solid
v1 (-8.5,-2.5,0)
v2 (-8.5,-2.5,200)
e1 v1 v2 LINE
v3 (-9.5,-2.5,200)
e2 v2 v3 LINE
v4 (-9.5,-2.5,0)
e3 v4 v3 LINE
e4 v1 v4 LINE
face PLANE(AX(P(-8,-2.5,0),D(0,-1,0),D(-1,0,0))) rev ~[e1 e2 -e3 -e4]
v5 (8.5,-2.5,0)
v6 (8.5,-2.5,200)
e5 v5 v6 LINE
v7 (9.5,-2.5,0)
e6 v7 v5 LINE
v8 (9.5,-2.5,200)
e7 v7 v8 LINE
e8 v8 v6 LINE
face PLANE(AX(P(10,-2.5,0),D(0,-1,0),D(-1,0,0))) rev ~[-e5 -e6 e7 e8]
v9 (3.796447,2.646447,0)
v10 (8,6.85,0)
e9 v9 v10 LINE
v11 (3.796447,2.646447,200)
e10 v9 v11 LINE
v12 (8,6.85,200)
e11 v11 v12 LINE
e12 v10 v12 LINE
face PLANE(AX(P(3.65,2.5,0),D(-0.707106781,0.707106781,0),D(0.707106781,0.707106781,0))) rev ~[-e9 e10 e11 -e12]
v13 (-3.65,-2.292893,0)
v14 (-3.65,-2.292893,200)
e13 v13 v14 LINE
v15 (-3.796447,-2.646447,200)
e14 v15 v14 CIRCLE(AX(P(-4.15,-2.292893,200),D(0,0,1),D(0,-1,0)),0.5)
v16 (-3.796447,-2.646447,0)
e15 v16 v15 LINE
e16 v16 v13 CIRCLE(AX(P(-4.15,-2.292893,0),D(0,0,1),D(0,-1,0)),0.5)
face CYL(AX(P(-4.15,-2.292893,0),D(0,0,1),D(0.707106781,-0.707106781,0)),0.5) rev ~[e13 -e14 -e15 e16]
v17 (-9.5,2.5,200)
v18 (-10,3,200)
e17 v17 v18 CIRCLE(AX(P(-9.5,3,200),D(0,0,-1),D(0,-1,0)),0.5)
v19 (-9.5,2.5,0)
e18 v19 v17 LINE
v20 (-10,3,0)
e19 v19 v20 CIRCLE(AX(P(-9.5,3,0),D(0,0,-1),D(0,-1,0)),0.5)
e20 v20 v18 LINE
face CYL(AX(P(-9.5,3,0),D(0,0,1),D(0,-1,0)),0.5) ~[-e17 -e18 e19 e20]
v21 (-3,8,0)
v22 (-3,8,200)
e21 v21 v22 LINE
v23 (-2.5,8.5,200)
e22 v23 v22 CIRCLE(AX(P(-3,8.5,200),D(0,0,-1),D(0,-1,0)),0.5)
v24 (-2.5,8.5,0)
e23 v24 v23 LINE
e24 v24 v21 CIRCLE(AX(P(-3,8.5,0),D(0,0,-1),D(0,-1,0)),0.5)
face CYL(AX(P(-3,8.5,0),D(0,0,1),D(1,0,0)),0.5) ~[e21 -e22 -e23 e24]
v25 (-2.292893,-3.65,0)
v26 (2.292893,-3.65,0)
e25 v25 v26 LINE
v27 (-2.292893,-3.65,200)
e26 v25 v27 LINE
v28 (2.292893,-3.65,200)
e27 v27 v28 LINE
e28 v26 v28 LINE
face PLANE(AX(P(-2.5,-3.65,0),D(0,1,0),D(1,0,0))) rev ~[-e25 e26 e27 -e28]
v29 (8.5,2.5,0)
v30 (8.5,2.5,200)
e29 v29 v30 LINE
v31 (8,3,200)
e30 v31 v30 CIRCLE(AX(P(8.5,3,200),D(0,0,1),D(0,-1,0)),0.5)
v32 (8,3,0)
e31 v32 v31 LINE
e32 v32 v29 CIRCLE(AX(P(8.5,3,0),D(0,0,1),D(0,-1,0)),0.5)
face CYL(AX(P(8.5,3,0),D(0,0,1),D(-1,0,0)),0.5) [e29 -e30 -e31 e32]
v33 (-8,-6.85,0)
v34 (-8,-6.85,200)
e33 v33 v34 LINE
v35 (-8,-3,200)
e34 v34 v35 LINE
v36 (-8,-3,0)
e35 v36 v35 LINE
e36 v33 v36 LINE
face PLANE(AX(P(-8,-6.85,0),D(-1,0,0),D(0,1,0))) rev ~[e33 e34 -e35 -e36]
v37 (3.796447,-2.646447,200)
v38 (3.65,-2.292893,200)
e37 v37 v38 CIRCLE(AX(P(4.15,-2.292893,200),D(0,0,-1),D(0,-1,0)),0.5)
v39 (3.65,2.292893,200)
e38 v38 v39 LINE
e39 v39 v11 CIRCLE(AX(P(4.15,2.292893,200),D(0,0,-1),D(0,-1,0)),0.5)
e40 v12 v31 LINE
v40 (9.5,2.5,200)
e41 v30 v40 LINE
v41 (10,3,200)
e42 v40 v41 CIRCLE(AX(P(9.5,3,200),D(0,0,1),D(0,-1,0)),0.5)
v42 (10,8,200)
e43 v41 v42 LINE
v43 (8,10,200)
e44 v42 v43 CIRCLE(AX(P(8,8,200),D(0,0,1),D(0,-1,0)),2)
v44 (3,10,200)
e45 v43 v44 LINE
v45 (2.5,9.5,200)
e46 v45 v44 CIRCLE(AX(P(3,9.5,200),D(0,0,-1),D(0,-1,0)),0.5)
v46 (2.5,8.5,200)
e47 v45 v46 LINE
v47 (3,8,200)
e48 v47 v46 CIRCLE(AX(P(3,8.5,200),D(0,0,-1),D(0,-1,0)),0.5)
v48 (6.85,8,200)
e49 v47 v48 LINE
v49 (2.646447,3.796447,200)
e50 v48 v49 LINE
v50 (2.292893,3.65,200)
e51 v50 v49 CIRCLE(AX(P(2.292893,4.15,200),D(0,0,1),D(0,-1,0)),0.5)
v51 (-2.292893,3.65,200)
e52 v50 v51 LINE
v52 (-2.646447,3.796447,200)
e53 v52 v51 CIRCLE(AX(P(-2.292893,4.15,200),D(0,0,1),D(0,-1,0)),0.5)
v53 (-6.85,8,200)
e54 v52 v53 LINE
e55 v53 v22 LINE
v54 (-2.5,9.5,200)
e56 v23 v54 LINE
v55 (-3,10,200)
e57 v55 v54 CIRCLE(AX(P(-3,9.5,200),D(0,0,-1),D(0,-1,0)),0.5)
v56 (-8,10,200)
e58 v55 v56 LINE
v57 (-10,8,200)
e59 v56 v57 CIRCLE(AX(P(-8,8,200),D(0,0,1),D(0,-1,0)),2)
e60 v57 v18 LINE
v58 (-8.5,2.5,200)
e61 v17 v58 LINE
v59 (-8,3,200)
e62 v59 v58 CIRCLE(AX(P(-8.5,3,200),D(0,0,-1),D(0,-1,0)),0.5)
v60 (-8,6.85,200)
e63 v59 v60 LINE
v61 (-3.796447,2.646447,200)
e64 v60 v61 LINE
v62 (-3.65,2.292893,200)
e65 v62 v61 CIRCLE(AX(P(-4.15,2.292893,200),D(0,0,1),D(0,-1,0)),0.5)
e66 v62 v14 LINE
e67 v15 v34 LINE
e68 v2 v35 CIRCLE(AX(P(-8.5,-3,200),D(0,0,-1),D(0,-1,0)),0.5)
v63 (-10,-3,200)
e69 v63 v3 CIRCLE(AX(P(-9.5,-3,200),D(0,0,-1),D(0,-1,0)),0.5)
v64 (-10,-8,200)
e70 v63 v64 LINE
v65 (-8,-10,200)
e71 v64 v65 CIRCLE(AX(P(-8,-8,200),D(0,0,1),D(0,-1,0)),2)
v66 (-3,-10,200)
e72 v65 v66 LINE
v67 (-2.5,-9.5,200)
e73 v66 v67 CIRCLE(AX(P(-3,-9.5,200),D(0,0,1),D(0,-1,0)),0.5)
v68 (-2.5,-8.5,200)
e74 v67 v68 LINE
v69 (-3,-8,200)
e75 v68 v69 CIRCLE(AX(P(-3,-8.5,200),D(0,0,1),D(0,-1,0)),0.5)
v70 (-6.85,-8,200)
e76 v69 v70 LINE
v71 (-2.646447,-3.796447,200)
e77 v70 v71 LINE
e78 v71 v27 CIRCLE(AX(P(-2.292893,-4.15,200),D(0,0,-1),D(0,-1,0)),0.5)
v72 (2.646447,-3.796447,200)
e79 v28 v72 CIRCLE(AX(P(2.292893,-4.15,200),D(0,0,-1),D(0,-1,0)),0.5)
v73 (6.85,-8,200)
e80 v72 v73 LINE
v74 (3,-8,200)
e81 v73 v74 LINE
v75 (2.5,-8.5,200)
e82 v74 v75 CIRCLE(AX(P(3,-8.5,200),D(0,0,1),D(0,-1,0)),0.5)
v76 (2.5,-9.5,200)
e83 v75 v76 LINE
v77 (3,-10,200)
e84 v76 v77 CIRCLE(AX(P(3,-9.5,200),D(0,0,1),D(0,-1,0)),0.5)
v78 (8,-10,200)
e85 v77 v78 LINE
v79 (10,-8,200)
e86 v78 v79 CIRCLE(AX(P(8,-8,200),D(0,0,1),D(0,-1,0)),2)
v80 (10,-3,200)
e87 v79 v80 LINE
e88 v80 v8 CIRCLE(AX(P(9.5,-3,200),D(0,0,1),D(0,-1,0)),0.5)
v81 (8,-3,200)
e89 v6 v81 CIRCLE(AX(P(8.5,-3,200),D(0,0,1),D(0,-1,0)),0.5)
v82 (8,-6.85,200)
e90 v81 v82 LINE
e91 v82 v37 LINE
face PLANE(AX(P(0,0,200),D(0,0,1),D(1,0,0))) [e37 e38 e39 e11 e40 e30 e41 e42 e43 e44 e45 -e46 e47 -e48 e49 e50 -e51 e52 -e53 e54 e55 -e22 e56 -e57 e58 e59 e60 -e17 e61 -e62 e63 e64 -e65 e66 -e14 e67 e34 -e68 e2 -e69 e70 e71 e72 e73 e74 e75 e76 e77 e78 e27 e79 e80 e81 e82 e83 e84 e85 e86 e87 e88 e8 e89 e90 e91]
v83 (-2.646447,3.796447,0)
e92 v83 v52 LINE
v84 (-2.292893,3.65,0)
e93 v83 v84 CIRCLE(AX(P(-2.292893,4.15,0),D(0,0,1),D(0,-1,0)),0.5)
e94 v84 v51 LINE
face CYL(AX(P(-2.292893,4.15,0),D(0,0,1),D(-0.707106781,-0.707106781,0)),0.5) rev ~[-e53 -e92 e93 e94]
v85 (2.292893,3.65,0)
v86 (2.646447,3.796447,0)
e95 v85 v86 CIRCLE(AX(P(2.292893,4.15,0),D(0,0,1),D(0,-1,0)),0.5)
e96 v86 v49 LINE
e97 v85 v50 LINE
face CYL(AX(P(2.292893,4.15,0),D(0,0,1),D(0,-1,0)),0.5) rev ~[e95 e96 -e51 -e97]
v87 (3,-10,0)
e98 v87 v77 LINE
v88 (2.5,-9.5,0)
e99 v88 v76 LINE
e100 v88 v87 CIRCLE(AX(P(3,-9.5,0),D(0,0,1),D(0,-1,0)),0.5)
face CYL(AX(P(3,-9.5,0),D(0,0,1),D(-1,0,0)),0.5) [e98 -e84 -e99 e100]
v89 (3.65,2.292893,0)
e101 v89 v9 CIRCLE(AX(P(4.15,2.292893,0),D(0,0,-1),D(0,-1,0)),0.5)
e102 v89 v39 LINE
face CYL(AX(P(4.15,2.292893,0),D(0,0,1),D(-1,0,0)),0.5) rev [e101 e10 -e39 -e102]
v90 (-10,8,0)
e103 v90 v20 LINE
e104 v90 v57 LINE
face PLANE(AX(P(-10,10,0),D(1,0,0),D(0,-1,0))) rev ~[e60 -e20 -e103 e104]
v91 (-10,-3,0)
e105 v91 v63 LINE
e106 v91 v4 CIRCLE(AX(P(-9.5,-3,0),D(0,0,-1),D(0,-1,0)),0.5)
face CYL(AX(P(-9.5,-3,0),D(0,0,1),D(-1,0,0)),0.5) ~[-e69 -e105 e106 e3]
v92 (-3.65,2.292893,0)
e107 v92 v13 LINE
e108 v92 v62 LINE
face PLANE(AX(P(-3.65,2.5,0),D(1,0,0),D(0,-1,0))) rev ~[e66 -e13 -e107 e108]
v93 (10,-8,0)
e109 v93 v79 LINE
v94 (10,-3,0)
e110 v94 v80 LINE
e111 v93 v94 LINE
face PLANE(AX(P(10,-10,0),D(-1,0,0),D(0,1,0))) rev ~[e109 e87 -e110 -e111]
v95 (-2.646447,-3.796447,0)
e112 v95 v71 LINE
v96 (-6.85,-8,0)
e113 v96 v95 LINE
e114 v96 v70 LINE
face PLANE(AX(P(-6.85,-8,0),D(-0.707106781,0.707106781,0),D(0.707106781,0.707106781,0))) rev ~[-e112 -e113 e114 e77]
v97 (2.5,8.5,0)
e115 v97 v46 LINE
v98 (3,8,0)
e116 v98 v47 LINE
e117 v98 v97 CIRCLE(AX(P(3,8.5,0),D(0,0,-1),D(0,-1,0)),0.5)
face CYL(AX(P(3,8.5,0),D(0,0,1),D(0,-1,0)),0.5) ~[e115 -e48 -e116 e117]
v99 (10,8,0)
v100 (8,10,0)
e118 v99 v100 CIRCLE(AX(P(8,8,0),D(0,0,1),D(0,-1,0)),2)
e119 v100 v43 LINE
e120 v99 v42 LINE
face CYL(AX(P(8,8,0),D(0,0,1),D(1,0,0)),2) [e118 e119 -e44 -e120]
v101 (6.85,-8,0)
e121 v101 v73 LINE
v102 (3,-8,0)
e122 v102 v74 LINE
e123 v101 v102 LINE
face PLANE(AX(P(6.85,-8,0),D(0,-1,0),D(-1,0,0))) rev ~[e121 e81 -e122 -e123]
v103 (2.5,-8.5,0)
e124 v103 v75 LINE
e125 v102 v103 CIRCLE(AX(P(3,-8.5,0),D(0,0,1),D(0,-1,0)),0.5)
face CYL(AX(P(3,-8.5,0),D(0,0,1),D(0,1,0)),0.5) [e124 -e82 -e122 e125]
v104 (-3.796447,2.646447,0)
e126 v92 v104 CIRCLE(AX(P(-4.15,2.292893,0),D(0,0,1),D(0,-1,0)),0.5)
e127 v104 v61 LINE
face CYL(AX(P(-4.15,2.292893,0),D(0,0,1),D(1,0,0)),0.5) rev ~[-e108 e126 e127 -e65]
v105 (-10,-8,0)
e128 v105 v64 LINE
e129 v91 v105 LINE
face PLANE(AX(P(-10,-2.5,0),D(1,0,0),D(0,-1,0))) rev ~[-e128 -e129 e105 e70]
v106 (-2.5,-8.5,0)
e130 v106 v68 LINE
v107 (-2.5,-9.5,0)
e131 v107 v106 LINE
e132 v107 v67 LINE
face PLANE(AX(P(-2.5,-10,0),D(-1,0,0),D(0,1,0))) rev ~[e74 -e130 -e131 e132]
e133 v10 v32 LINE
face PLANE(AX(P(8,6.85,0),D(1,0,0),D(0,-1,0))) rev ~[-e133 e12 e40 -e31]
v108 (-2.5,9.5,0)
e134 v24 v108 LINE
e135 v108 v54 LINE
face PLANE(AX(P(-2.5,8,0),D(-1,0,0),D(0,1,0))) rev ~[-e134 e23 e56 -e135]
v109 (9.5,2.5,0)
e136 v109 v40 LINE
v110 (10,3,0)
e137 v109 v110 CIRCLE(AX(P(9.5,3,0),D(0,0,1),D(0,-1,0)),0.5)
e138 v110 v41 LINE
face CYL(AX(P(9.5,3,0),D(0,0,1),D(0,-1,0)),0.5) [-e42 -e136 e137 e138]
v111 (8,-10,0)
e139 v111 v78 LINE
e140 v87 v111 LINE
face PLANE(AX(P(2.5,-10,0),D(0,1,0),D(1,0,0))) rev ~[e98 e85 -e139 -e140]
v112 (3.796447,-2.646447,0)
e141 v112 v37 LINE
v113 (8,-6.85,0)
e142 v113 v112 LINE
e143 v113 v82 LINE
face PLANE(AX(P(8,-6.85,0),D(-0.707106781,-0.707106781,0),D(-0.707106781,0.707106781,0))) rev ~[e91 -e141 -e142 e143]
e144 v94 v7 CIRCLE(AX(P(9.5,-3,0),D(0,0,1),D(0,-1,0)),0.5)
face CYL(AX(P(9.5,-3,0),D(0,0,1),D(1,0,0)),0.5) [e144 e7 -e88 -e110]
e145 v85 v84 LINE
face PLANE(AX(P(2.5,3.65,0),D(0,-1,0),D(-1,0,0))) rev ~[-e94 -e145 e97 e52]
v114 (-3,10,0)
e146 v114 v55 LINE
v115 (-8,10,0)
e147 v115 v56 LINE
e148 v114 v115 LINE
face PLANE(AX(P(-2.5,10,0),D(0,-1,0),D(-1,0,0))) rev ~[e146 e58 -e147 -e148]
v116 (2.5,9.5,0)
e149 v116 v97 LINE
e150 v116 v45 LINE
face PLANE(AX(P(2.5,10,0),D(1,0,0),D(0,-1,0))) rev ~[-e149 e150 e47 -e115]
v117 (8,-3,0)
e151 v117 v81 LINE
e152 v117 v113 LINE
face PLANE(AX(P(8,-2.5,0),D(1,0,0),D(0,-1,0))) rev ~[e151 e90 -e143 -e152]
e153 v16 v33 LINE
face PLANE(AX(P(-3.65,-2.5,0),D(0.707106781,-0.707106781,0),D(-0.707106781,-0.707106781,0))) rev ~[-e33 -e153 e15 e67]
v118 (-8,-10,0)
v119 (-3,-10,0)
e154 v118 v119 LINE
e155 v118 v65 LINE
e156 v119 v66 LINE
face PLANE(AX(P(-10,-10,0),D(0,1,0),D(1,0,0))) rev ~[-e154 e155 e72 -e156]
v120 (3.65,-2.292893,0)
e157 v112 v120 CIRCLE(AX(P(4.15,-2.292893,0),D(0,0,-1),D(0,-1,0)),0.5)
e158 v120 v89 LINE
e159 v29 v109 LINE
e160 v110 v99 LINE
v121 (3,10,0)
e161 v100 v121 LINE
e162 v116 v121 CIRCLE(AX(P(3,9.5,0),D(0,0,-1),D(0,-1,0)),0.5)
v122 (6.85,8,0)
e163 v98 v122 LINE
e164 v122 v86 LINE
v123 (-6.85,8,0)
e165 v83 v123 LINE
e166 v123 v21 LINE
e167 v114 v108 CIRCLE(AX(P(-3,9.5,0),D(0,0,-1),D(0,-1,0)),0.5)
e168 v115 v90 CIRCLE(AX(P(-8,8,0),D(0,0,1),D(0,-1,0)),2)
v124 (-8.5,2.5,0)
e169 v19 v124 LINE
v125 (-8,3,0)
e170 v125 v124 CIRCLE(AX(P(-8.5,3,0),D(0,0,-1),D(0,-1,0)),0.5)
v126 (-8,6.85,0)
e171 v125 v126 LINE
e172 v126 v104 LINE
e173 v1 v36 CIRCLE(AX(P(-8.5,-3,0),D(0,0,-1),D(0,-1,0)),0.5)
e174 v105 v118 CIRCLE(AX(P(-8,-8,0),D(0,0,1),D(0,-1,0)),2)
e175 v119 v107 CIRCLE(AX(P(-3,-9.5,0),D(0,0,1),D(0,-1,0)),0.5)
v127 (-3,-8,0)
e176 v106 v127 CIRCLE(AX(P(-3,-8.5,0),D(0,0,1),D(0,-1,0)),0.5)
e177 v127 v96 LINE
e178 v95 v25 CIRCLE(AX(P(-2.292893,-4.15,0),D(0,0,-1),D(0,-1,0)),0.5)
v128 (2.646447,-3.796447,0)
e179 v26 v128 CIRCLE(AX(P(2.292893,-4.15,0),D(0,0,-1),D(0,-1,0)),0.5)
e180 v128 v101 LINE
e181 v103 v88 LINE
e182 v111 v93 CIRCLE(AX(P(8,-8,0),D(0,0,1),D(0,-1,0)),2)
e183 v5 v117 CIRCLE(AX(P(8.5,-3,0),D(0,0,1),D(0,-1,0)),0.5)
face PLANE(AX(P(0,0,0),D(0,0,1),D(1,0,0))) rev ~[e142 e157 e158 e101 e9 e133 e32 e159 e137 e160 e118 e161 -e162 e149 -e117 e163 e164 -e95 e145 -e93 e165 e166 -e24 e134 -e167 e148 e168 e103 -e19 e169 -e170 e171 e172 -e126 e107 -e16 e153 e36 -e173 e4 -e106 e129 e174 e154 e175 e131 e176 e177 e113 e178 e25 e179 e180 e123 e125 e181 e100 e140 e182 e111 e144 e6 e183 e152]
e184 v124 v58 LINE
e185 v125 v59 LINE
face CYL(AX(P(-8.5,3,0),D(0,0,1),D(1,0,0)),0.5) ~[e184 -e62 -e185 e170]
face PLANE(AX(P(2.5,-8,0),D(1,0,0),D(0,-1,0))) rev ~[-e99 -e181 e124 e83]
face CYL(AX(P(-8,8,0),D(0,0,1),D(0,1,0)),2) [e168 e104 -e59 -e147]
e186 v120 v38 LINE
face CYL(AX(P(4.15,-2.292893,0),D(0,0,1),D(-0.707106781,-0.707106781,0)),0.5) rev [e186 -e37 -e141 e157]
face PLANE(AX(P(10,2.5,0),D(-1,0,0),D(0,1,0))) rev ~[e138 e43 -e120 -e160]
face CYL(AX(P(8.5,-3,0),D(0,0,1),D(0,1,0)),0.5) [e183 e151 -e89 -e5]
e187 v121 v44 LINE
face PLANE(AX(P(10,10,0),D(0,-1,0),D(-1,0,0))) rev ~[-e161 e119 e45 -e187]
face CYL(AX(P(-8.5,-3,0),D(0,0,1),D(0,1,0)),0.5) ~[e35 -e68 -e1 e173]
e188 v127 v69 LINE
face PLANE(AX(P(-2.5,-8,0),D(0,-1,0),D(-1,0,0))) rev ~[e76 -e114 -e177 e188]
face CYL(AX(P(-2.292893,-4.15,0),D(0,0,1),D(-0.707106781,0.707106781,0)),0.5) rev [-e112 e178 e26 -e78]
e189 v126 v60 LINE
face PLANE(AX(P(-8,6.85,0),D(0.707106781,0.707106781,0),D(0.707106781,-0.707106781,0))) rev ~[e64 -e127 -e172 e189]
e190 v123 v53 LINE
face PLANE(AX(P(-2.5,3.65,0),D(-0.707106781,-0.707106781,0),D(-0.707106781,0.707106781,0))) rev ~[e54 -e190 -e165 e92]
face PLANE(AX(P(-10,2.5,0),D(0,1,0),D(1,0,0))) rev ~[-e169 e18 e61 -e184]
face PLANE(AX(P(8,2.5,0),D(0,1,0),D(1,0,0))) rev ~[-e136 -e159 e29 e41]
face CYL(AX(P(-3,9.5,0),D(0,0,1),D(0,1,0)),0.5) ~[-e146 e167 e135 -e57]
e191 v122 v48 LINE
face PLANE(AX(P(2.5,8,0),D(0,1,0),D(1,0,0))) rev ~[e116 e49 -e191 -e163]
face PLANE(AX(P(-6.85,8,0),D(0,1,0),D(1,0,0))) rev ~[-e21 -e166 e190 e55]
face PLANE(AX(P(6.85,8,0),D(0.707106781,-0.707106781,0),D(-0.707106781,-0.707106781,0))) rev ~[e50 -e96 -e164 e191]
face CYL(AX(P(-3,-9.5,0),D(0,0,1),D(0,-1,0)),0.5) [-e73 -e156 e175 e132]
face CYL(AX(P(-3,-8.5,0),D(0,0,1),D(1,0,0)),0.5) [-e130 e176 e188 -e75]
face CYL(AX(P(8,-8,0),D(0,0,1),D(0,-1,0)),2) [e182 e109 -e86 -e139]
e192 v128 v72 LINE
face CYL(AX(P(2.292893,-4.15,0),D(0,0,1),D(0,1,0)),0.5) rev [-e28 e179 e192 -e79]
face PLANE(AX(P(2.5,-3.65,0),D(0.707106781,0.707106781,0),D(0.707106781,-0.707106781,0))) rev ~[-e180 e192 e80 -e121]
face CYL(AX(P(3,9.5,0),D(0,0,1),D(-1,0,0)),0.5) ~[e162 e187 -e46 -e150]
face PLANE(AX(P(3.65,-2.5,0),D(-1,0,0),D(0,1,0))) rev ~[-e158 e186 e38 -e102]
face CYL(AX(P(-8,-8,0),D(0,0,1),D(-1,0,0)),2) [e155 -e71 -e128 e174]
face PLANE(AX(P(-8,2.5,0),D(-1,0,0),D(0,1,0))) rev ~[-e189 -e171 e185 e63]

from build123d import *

# Parameters (mm, degrees)
AUFSATZ_LINEAR_AUSTRAGEN1_DEPTH = 200
VERRUNDUNG1_R                   = 2
VERRUNDUNG2_R                   = 0.5


with BuildPart() as part:
    # Skizze1 → Aufsatz-Linear austragen1 (new body)
    with BuildSketch(Plane.XY):
        Polygon((-10, 2.5), (-8, 2.5), (-8, 6.85), (-3.65, 2.5), (-3.65, -2.5), (-8, -6.85), (-8, -2.5), (-10, -2.5), (-10, -10), (-2.5, -10), (-2.5, -8), (-6.85, -8), (-2.5, -3.65), (2.5, -3.65), (6.85, -8), (2.5, -8), (2.5, -10), (10, -10), (10, -2.5), (8, -2.5), (8, -6.85), (3.65, -2.5), (3.65, 2.5), (8, 6.85), (8, 2.5), (10, 2.5), (10, 10), (2.5, 10), (2.5, 8), (6.85, 8), (2.5, 3.65), (-2.5, 3.65), (-6.85, 8), (-2.5, 8), (-2.5, 10), (-10, 10), align=None)
    extrude(amount=AUFSATZ_LINEAR_AUSTRAGEN1_DEPTH)

    # Verrundung1
    verrundung1_edges = [part.edges().sort_by_distance(p)[0] for p in [
        (-10, 10, 100),
        (-10, -10, 100),
        (10, -10, 100),
        (10, 10, 100),
    ]]
    fillet(verrundung1_edges, radius=VERRUNDUNG1_R)

    # Verrundung2
    verrundung2_edges = [part.edges().sort_by_distance(p)[0] for p in [
        (-2.5, 10, 100),
        (-10, 2.5, 100),
        (-8, 2.5, 100),
        (-3.65, 2.5, 100),
        (-3.65, -2.5, 100),
        (-8, -2.5, 100),
        (-10, -2.5, 100),
        (-2.5, -10, 100),
        (-2.5, -8, 100),
        (-2.5, -3.65, 100),
        (2.5, -3.65, 100),
        (2.5, -8, 100),
        (2.5, -10, 100),
        (10, -2.5, 100),
        (8, -2.5, 100),
        (3.65, -2.5, 100),
        (3.65, 2.5, 100),
        (8, 2.5, 100),
        (10, 2.5, 100),
        (2.5, 10, 100),
        (2.5, 8, 100),
        (2.5, 3.65, 100),
        (-2.5, 3.65, 100),
        (-2.5, 8, 100),
    ]]
    fillet(verrundung2_edges, radius=VERRUNDUNG2_R)


solid = part.part
